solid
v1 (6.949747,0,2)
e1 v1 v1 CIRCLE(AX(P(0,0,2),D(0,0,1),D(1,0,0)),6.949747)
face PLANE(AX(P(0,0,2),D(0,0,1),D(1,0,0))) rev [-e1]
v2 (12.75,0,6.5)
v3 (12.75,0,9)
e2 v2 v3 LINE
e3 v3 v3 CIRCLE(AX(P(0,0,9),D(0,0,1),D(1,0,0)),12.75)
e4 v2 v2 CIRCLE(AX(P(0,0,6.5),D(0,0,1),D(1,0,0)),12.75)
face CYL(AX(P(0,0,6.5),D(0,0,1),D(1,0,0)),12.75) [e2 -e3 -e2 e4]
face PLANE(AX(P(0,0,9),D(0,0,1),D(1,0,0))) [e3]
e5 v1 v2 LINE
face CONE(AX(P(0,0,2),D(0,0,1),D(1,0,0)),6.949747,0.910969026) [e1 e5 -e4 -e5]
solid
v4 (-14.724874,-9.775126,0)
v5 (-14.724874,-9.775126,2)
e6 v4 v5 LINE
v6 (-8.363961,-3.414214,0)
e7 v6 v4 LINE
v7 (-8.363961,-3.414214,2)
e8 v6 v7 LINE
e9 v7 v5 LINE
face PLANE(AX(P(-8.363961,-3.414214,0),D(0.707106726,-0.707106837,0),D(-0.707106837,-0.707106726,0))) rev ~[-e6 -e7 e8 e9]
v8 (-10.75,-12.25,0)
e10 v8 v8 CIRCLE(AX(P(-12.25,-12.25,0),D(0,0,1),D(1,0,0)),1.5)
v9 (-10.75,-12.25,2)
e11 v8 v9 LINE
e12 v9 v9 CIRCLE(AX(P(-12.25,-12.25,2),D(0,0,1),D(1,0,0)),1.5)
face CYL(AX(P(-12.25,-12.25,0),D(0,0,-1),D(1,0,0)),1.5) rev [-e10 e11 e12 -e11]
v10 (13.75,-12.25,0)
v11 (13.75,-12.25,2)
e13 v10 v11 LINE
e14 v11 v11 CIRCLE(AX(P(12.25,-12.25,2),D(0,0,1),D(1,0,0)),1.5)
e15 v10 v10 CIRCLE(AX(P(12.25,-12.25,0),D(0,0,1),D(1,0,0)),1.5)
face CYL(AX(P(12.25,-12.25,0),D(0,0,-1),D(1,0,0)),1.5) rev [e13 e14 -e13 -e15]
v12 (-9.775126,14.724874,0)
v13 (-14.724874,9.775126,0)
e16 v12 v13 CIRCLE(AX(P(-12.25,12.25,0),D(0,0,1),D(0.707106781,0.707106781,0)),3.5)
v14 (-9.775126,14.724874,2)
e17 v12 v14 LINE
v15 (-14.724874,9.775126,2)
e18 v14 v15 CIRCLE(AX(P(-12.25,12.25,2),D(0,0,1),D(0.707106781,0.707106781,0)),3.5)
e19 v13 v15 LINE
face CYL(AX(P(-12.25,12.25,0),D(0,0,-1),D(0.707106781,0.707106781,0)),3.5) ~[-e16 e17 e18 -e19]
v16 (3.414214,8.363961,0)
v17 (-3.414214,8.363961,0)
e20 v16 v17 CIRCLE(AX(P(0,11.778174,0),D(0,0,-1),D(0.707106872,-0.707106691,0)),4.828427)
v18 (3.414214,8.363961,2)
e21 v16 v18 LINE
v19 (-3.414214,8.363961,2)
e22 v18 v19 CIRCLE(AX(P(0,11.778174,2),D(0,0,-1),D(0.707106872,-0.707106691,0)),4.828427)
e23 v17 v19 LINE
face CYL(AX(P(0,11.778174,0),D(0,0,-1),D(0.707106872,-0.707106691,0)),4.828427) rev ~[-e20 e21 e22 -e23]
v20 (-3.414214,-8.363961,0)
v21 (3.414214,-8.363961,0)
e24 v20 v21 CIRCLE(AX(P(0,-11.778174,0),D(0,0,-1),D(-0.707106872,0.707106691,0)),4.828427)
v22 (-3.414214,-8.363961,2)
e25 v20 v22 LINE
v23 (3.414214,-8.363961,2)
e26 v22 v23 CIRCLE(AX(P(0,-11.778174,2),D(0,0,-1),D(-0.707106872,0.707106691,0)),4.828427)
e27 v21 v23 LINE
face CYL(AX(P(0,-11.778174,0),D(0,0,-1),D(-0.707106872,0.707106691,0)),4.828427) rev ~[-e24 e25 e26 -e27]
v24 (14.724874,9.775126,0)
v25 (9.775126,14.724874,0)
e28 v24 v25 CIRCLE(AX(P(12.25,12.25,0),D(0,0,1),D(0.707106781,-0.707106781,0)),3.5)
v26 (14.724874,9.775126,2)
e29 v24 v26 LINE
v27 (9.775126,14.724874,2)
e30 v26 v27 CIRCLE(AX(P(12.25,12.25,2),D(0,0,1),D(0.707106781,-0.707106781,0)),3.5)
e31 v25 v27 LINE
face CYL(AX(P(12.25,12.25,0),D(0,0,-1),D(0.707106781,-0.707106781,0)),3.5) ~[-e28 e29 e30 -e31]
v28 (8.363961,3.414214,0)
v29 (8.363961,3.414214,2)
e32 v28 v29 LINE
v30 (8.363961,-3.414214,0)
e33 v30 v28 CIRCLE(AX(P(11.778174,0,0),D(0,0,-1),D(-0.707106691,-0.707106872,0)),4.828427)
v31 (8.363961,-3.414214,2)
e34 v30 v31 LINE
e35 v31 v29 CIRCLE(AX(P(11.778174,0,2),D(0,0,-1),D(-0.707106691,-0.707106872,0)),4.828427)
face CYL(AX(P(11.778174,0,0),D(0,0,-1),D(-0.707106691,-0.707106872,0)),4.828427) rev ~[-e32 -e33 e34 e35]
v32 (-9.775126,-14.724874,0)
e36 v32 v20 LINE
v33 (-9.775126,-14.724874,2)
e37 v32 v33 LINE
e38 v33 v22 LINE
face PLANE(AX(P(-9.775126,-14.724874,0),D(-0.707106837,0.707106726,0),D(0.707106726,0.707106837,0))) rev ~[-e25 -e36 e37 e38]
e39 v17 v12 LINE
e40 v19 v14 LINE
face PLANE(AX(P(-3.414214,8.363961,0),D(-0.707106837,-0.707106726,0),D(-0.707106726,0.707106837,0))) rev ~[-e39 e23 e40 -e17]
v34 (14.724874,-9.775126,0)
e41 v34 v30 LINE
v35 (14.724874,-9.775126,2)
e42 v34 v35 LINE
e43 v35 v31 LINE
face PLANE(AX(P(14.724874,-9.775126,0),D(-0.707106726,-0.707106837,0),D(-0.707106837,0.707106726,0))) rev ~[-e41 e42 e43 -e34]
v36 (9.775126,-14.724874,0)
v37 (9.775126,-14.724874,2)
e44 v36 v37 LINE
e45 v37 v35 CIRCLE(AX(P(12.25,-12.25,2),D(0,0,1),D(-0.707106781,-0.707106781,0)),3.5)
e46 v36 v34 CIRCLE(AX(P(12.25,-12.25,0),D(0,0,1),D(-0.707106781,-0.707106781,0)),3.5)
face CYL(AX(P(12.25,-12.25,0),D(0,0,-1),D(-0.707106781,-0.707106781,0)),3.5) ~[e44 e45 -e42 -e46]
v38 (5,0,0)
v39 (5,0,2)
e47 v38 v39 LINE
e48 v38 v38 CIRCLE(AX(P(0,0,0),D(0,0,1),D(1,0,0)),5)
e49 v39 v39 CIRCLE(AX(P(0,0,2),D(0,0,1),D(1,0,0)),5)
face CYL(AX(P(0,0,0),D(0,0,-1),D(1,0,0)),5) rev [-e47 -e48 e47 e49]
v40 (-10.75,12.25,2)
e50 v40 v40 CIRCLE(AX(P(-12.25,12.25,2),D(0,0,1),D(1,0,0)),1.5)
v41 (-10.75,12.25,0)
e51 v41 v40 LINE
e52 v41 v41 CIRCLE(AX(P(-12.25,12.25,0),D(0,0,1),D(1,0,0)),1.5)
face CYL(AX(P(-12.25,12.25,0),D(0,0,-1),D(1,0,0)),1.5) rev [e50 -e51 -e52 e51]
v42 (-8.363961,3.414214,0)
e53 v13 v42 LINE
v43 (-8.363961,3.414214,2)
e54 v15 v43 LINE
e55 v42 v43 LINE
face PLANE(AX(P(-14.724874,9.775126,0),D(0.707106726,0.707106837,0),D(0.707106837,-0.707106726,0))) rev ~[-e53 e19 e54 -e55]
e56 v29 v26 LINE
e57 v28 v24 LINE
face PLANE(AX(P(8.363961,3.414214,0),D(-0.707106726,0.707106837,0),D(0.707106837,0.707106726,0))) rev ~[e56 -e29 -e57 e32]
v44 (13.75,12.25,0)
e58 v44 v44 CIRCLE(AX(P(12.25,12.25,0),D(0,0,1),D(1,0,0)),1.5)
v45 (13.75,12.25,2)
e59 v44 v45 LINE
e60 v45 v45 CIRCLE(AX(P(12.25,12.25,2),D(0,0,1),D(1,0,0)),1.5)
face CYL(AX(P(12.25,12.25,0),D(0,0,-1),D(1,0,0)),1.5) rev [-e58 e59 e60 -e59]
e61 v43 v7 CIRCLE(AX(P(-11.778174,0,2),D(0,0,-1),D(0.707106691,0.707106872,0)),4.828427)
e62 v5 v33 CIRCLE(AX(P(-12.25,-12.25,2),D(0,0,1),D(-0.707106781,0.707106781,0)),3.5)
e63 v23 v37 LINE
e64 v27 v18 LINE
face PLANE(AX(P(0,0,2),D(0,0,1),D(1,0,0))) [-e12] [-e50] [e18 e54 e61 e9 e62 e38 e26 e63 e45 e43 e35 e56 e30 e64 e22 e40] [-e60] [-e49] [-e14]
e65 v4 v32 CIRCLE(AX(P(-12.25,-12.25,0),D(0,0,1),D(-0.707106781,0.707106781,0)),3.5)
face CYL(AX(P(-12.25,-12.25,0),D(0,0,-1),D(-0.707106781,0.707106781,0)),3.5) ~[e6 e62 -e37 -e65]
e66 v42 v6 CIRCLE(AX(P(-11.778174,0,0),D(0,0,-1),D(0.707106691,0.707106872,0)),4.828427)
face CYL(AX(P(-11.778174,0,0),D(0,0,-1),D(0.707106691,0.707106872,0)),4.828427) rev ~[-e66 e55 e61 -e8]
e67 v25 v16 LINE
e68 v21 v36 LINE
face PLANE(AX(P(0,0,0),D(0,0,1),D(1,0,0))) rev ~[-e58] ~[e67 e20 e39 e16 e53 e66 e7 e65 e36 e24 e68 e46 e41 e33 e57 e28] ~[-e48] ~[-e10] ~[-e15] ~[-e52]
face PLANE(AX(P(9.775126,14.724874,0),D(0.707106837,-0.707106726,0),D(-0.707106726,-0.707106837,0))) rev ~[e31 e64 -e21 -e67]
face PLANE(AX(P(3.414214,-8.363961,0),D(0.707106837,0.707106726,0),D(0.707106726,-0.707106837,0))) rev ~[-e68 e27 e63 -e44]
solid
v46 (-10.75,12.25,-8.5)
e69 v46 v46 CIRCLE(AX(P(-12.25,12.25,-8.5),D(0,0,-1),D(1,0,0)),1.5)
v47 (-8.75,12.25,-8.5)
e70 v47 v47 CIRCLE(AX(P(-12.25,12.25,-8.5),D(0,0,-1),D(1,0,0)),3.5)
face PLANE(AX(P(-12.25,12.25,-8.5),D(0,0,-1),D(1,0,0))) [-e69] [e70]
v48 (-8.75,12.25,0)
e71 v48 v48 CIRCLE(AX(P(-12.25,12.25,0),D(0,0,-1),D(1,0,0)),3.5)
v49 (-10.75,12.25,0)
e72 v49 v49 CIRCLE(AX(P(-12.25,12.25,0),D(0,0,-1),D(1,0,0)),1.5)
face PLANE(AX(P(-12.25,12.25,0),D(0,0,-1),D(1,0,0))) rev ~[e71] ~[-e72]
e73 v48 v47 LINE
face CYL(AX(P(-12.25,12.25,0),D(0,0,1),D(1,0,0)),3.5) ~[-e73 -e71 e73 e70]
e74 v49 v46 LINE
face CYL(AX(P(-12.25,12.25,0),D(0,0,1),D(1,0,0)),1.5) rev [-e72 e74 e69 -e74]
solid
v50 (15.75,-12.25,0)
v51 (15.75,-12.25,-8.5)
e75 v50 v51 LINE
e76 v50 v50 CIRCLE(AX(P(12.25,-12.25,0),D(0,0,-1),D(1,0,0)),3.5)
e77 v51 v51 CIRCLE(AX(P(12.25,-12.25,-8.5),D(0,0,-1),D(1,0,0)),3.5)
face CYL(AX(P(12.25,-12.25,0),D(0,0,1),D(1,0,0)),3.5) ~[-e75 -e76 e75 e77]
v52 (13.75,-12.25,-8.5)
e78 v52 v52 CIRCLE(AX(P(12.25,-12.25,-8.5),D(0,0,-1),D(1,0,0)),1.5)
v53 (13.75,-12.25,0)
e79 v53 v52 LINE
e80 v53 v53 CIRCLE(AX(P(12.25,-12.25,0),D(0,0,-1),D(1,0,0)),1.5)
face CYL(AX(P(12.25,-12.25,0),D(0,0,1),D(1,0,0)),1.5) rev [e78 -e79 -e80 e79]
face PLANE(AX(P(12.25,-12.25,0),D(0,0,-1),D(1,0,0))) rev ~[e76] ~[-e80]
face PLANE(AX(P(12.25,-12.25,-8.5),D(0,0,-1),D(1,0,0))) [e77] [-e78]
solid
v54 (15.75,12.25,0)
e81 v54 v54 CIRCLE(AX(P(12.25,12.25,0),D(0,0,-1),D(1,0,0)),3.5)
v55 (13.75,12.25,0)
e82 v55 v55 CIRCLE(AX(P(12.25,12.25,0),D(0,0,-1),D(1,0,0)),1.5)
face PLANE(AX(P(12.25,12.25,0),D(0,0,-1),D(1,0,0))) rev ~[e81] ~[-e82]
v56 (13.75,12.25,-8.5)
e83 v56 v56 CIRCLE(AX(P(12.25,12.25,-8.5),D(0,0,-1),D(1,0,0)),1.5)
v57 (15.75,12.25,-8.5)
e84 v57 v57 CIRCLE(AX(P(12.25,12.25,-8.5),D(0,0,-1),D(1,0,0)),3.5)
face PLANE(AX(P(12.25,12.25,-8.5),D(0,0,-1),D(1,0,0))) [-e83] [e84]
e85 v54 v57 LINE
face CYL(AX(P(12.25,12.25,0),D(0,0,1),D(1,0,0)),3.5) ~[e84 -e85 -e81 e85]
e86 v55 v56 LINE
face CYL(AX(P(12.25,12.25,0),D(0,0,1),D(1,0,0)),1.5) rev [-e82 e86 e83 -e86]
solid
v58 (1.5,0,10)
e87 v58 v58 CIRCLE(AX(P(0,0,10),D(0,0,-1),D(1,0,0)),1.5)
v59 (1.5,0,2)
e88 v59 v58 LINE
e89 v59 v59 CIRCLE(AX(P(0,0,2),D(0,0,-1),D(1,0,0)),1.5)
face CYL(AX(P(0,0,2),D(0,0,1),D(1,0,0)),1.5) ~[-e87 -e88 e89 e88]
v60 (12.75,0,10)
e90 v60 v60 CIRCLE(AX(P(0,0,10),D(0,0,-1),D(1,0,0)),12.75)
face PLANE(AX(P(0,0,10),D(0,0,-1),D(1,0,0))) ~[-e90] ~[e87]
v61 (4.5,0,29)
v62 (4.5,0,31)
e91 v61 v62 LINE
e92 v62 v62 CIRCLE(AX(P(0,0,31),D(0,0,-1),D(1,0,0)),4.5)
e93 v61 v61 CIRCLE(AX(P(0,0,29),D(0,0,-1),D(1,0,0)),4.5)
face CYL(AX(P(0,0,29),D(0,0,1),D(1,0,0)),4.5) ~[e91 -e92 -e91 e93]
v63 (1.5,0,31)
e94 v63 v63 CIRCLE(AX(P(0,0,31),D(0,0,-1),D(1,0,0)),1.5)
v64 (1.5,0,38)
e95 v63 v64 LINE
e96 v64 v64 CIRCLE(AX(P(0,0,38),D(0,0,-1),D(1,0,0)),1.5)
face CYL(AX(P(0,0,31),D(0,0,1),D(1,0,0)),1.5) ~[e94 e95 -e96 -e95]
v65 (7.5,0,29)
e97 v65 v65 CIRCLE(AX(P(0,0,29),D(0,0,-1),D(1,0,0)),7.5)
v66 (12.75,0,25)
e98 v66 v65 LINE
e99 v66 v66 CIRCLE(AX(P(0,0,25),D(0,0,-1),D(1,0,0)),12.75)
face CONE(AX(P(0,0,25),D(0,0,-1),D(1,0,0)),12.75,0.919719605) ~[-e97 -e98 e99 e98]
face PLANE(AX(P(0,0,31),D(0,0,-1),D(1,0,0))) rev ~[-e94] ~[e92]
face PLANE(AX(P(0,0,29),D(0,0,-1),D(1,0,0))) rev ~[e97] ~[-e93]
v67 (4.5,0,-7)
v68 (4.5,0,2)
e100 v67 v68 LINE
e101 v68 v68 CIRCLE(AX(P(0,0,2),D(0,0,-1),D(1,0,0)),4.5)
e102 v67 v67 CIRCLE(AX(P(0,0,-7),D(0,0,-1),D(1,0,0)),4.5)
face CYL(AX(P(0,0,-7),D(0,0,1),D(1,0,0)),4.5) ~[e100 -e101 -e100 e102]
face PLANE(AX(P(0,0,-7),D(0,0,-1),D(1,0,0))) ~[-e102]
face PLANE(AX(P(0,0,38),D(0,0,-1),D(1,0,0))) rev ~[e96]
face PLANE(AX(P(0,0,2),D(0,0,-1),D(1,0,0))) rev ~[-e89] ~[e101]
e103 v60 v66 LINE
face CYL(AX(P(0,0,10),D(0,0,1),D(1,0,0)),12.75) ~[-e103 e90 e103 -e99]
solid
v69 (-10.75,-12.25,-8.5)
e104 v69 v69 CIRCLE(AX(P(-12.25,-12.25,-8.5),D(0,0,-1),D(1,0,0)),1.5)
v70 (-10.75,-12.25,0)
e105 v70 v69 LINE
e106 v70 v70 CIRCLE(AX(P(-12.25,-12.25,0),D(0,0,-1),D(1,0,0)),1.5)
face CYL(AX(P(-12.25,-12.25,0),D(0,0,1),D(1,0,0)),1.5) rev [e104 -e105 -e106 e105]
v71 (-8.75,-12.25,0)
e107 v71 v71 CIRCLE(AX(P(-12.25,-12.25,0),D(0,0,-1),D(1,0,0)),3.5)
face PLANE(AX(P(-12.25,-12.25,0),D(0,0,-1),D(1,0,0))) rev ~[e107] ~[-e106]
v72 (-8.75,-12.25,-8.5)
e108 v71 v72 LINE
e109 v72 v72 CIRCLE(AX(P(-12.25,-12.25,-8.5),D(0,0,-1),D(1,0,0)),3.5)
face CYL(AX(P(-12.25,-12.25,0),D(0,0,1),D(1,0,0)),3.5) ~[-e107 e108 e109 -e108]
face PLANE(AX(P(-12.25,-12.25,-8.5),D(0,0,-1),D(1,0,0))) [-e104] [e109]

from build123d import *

# Parameters (mm, degrees)
F0_R     = 1.5
F0_R_2   = 5
F1_DEPTH = 2
F6_R     = 3.5
F6_R_2   = 1.5
F7_DEPTH = 8.5


with BuildPart() as f1:
    # F0 (on Top) → F1 (new body)
    with BuildSketch(Plane.XY):
        with BuildLine():
            Line((9.775126, 14.724874), (3.414214, 8.363961))
            ThreePointArc((3.414214, 8.363961), (0, 6.949747), (-3.414214, 8.363961))
            Line((-3.414214, 8.363961), (-9.775126, 14.724874))
            ThreePointArc((-9.775126, 14.724874), (-14.724874, 14.724874), (-14.724874, 9.775126))
            Line((-14.724874, 9.775126), (-8.363961, 3.414214))
            ThreePointArc((-8.363961, 3.414214), (-6.949747, 0), (-8.363961, -3.414214))
            Line((-8.363961, -3.414214), (-14.724874, -9.775126))
            ThreePointArc((-14.724874, -9.775126), (-14.724874, -14.724874), (-9.775126, -14.724874))
            Line((-9.775126, -14.724874), (-3.414214, -8.363961))
            ThreePointArc((-3.414214, -8.363961), (0, -6.949747), (3.414214, -8.363961))
            Line((3.414214, -8.363961), (9.775126, -14.724874))
            ThreePointArc((9.775126, -14.724874), (14.724874, -14.724874), (14.724874, -9.775126))
            Line((14.724874, -9.775126), (8.363961, -3.414214))
            ThreePointArc((8.363961, -3.414214), (6.949747, 0), (8.363961, 3.414214))
            Line((8.363961, 3.414214), (14.724874, 9.775126))
            ThreePointArc((14.724874, 9.775126), (14.724874, 14.724874), (9.775126, 14.724874))
        make_face()
        with Locations((-12.25, -12.25)):
            Circle(F0_R, mode=Mode.SUBTRACT)
        with Locations((12.25, -12.25)):
            Circle(F0_R, mode=Mode.SUBTRACT)
        with Locations((-12.25, 12.25)):
            Circle(F0_R, mode=Mode.SUBTRACT)
        Circle(F0_R_2, mode=Mode.SUBTRACT)
        with Locations((12.25, 12.25)):
            Circle(F0_R, mode=Mode.SUBTRACT)
    extrude(amount=F1_DEPTH)


with BuildPart() as f3:
    # F2 (on Front) → F3 (revolve)
    with BuildSketch(Plane.XZ):
        Polygon((12.75, 10), (12.75, 25), (7.5, 29), (4.5, 29), (4.5, 31), (1.5, 31), (1.5, 38), (0, 38), (0, -7), (4.5, -7), (4.5, 2), (1.5, 2), (1.5, 10), align=None)
    revolve(axis=Axis((0, 0, 15.5), (0, 0, -1)))


with BuildPart() as f5:
    # F4 (on Front) → F5 (revolve)
    with BuildSketch(Plane.XZ):
        Polygon((12.75, 9), (0, 9), (0, 2), (6.949747, 2), (12.75, 6.5), align=None)
    revolve(axis=Axis((0, 0, 5.5), (0, 0, 1)))


with BuildPart() as f7:
    # F6 (on face) → F7 (new body)
    with BuildSketch(Plane(origin=(0, 0, 0), x_dir=(1, 0, 0), z_dir=(0, 0, -1))):
        with Locations((12.25, 12.25)):
            Circle(F6_R)
        with Locations((12.25, 12.25)):
            Circle(F6_R_2, mode=Mode.SUBTRACT)
        with Locations((12.25, -12.25)):
            Circle(F6_R)
        with Locations((12.25, -12.25)):
            Circle(F6_R_2, mode=Mode.SUBTRACT)
        with Locations((-12.25, -12.25)):
            Circle(F6_R)
        with Locations((-12.25, -12.25)):
            Circle(F6_R_2, mode=Mode.SUBTRACT)
        with Locations((-12.25, 12.25)):
            Circle(F6_R)
        with Locations((-12.25, 12.25)):
            Circle(F6_R_2, mode=Mode.SUBTRACT)
    extrude(amount=F7_DEPTH)


solid = Compound([f1.part, f3.part, f5.part, f7.part])
